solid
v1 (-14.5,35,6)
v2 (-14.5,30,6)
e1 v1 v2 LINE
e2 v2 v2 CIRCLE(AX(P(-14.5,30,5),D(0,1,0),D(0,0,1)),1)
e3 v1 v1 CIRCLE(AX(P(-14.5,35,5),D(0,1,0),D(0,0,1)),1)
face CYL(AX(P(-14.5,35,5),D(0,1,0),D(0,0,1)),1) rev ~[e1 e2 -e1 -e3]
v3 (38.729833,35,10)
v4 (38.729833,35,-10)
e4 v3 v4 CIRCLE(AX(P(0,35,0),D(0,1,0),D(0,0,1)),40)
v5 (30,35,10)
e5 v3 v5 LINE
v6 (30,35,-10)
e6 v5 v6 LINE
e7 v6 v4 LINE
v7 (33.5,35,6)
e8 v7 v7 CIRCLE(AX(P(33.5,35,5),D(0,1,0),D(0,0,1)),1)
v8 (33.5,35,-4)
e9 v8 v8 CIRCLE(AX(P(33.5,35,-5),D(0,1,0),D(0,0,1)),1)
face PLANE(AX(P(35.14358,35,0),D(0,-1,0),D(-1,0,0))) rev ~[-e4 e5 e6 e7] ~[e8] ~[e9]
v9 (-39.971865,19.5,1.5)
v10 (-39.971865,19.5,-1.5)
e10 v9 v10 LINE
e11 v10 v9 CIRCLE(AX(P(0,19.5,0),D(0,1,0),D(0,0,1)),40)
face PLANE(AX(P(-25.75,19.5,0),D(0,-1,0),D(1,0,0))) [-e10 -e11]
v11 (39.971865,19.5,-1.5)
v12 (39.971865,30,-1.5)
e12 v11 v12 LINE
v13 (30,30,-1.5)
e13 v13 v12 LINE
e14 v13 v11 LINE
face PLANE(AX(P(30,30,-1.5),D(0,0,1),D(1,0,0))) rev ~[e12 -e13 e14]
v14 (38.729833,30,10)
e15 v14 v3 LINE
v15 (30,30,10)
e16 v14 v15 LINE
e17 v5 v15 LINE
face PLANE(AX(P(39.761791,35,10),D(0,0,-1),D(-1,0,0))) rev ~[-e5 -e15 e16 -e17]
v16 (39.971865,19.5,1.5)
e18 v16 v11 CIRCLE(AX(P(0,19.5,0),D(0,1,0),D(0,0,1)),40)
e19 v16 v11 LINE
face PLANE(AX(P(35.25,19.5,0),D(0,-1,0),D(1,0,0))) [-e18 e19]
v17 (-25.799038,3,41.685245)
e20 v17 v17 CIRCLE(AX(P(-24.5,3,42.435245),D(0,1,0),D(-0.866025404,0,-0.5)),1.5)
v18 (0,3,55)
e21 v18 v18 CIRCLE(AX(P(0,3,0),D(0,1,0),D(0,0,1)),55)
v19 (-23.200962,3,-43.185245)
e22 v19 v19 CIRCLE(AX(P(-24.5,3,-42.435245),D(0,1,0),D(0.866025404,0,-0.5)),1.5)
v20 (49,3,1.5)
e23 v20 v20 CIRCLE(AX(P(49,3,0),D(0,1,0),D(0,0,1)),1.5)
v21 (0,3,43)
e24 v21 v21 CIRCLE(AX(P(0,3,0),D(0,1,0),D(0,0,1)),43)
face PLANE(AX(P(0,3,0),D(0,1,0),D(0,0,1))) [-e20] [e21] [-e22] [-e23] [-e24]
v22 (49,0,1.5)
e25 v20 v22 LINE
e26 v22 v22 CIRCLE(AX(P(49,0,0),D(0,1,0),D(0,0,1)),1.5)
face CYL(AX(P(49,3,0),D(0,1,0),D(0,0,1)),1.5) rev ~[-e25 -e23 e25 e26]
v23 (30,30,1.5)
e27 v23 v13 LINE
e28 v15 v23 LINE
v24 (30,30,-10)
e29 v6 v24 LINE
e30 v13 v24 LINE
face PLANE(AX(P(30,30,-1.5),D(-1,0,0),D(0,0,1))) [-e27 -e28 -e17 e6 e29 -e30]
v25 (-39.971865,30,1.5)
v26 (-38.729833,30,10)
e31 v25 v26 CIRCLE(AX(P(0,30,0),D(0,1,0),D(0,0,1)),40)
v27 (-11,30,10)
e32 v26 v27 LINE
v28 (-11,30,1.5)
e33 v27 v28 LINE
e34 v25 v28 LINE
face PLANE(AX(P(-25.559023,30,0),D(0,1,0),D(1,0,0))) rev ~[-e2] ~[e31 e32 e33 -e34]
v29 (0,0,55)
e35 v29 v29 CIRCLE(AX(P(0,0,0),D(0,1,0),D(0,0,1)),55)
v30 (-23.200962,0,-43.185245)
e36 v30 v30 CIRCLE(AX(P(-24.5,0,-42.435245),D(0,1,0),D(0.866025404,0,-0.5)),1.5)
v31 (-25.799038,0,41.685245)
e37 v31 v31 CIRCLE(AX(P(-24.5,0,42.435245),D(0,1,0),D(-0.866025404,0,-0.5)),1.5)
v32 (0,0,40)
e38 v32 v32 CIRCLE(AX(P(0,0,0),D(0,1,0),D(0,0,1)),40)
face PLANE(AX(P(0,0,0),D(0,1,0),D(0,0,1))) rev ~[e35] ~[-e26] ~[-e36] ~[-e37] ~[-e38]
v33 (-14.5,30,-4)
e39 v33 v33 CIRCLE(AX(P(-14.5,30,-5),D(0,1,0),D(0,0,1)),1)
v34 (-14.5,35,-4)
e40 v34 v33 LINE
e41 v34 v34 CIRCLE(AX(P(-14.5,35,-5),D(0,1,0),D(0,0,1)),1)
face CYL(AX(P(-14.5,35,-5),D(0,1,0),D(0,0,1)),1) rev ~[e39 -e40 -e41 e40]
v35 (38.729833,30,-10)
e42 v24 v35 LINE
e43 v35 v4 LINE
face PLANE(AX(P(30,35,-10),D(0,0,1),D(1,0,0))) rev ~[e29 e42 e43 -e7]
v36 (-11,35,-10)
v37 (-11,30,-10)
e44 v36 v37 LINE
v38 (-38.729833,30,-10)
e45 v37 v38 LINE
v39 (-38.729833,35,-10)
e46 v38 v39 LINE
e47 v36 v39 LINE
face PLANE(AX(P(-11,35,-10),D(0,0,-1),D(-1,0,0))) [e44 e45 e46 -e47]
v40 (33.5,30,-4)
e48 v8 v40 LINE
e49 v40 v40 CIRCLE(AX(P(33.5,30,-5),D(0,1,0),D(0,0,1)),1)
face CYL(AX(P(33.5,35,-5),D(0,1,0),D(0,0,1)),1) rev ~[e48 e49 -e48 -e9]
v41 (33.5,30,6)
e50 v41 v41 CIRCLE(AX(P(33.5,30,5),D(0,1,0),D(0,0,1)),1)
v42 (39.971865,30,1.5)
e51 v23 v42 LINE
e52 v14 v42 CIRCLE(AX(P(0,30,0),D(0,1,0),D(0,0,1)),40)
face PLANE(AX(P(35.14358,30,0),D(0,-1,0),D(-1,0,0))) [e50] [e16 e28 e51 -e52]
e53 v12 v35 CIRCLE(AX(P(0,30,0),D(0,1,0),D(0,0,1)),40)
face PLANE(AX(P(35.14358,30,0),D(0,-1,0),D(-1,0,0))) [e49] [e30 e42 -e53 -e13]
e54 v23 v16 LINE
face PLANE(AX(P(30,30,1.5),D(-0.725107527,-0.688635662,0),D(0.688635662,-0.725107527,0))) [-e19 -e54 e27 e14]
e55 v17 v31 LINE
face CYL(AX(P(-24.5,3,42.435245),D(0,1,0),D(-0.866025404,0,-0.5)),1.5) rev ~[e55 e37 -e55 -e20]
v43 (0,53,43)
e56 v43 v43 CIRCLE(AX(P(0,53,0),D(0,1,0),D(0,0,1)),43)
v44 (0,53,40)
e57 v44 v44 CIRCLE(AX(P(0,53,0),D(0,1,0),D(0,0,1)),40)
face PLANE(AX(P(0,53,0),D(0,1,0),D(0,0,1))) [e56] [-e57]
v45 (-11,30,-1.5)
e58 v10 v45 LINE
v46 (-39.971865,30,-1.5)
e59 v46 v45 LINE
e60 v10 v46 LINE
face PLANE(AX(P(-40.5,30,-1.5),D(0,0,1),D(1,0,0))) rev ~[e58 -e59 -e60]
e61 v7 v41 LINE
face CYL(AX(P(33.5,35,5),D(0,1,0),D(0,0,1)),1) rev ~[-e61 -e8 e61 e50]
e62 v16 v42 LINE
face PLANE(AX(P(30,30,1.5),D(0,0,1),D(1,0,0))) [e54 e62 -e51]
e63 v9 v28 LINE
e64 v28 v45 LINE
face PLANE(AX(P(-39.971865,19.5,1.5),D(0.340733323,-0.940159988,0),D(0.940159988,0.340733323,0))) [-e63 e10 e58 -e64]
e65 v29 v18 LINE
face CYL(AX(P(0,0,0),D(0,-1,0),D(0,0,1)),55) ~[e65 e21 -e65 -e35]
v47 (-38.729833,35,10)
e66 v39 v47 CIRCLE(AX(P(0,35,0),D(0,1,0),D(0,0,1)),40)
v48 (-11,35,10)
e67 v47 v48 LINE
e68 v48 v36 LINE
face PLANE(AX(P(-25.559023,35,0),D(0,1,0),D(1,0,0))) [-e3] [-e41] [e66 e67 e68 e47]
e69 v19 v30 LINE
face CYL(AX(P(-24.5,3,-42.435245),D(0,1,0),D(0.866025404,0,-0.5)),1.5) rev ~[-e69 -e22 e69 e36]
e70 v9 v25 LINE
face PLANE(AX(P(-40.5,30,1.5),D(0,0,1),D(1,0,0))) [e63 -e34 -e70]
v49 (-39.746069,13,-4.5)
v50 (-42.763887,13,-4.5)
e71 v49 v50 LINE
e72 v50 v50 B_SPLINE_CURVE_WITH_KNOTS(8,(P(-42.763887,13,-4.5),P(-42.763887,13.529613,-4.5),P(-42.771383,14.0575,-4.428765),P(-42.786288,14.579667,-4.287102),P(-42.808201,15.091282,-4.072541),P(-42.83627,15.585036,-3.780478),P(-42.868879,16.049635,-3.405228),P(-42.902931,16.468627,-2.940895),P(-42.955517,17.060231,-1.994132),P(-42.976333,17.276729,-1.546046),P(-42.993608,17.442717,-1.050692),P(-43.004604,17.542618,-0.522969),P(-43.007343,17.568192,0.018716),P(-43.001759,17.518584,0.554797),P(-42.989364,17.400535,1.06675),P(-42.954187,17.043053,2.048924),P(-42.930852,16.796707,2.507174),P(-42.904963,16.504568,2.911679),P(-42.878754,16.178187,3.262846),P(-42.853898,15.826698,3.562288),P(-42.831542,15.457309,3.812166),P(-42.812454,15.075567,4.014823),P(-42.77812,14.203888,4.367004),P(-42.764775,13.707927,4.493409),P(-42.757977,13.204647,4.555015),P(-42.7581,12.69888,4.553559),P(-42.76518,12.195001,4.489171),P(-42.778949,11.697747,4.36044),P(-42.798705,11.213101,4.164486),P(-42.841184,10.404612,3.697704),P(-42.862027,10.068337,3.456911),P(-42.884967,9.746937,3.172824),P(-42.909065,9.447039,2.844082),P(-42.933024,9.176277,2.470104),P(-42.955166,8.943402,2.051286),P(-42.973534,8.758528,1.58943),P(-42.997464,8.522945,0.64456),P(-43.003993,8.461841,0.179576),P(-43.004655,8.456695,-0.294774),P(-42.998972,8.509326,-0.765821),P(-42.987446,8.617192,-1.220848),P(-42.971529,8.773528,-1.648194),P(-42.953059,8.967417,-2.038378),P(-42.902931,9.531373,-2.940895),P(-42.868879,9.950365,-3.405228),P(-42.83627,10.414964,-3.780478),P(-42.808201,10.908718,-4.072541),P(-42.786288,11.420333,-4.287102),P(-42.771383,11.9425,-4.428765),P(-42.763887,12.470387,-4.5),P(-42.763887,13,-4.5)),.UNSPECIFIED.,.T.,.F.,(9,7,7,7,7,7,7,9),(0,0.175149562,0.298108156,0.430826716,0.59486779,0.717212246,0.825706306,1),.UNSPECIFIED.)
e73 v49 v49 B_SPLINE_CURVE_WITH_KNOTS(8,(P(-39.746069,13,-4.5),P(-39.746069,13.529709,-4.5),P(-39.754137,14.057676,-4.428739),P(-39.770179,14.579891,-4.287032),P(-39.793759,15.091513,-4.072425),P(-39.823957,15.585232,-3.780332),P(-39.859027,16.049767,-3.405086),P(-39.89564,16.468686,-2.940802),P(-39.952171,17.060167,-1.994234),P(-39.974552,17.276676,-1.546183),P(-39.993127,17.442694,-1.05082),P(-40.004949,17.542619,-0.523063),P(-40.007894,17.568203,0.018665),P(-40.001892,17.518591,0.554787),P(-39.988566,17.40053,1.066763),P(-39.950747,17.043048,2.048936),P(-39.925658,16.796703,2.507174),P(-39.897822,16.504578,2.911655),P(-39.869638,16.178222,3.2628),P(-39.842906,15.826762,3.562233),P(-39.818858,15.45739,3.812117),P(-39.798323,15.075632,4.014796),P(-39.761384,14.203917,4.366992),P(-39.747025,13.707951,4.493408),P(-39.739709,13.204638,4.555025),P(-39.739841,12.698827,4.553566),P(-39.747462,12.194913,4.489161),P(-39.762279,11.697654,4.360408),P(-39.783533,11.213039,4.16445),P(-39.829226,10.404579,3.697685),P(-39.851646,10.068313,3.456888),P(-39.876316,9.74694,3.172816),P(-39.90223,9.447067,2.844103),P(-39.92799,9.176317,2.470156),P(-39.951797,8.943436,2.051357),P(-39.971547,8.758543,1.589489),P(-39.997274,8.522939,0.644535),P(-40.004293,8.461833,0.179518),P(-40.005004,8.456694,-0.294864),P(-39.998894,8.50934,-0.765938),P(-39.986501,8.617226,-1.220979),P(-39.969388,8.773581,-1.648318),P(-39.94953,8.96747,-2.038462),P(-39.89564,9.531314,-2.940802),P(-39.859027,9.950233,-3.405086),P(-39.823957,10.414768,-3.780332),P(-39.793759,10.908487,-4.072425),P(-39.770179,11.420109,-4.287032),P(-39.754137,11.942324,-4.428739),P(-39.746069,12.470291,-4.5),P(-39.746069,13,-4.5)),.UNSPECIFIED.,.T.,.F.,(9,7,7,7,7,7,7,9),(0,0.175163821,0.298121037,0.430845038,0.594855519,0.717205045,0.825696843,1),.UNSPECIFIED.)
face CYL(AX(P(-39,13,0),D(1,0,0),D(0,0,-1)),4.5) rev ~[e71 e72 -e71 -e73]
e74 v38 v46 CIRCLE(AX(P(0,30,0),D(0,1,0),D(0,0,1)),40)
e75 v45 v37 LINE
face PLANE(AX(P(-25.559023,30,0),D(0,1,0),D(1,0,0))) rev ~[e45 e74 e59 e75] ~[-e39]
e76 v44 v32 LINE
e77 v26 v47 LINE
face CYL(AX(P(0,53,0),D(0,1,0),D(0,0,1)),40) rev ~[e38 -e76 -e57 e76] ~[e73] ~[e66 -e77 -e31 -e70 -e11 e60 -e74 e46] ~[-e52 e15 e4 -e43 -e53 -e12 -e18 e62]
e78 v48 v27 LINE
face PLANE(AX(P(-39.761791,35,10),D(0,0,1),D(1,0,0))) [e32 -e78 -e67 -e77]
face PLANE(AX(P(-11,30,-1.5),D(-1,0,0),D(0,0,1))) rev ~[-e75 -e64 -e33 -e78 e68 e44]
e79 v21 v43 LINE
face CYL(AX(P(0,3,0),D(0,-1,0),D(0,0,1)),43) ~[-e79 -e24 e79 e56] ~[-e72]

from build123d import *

# Parameters (mm, degrees)
SKETCH1_R           = 55
BOSS_EXTRUDE1_DEPTH = 3
SKETCH2_R           = 43
BOSS_EXTRUDE2_DEPTH = 50
SKETCH3_R           = 40
CUT_EXTRUDE1_DEPTH  = 66
SKETCH10_R          = 4.5
CUT_EXTRUDE2_DEPTH  = 9
BOSS_EXTRUDE4_DEPTH = 5
SKETCH17_W          = 10.5
SKETCH17_H          = 3
BOSS_EXTRUDE7_DEPTH = 10.5
CUT_EXTRUDE6_DEPTH  = 3
SKETCH19_W          = 29.5
SKETCH19_H          = 3
BOSS_EXTRUDE8_DEPTH = 10.5
CUT_EXTRUDE7_DEPTH  = 3
SKETCH21_R          = 1.5
CUT_EXTRUDE8_DEPTH  = 8
CIRPATTERN1_COUNT   = 3
SKETCH23_R          = 1
CUT_EXTRUDE9_DEPTH  = 9
SKETCH24_R          = 1
CUT_EXTRUDE10_DEPTH = 9


with BuildPart() as part:
    # Sketch1 → Boss-Extrude1 (new body)
    with BuildSketch(Plane(origin=(0, 0, 0), x_dir=(1, 0, 0), z_dir=(0, 1, 0))):
        with Locations(Location((0, 0, 0), (0, 0, 270))):
            Circle(SKETCH1_R)
    extrude(amount=BOSS_EXTRUDE1_DEPTH)

    # Sketch2 → Boss-Extrude2 (add)
    with BuildSketch(Plane(origin=(0, 3, 0), x_dir=(1, 0, 0), z_dir=(0, 1, 0))):
        with Locations(Location((0, 0, 0), (0, 0, 270))):
            Circle(SKETCH2_R)
    extrude(amount=BOSS_EXTRUDE2_DEPTH)

    # Sketch3 → Cut-Extrude1 (cut)
    with BuildSketch(Plane(origin=(0, 53, 0), x_dir=(1, 0, 0), z_dir=(0, 1, 0))):
        with Locations(Location((0, 0, 0), (0, 0, 270))):
            Circle(SKETCH3_R)
    extrude(amount=-CUT_EXTRUDE1_DEPTH, mode=Mode.SUBTRACT)

    # Sketch10 → Cut-Extrude2 (cut)
    with BuildSketch(Plane(origin=(-39, 0, 0), x_dir=(0, 0, -1), z_dir=(1, 0, 0))):
        with Locations((0, 13)):
            Circle(SKETCH10_R)
    extrude(amount=-CUT_EXTRUDE2_DEPTH, mode=Mode.SUBTRACT)

    # Sketch12 → Boss-Extrude4 (add)
    with BuildSketch(Plane(origin=(0, 35, 0), x_dir=(1, 0, 0), z_dir=(0, 1, 0))):
        with BuildLine():
            Line((-11, 10), (-39.761790704, 10))
            ThreePointArc((-39.761790704, 10), (-41, 0), (-39.761790704, -10))
            Line((-39.761790704, -10), (-11, -10))
            Line((-11, -10), (-11, 10))
        make_face()
        with BuildLine():
            Line((30, 10), (39.761790704, 10))
            ThreePointArc((39.761790704, 10), (41, 0), (39.761790704, -10))
            Line((39.761790704, -10), (30, -10))
            Line((30, -10), (30, 10))
        make_face()
    extrude(amount=-BOSS_EXTRUDE4_DEPTH)

    # Sketch17 → Boss-Extrude7 (add)
    with BuildSketch(Plane.XZ.offset(-30)):
        with Locations((35.25, 0)):
            Rectangle(SKETCH17_W, SKETCH17_H)
    extrude(amount=BOSS_EXTRUDE7_DEPTH)

    # Sketch18 → Cut-Extrude6 (cut)
    with BuildSketch(Plane.XY.offset(1.5)):
        Polygon((30, 30), (39.971865105, 19.5), (30, 19.5), align=None)
    extrude(amount=-CUT_EXTRUDE6_DEPTH, mode=Mode.SUBTRACT)

    # Sketch19 → Boss-Extrude8 (add)
    with BuildSketch(Plane.XZ.offset(-30)):
        with Locations((-25.75, 0)):
            Rectangle(SKETCH19_W, SKETCH19_H)
    extrude(amount=BOSS_EXTRUDE8_DEPTH)

    # Sketch20 → Cut-Extrude7 (cut)
    with BuildSketch(Plane.XY.offset(1.5)):
        Polygon((-39.971865105, 19.5), (-11, 30), (-11, 19.5), align=None)
    extrude(amount=-CUT_EXTRUDE7_DEPTH, mode=Mode.SUBTRACT)

    # Sketch21 → Cut-Extrude8 (cut)
    with BuildSketch(Plane(origin=(0, 3, 0), x_dir=(1, 0, 0), z_dir=(0, 1, 0))):
        with Locations(Location((49, 0, 0), (0, 0, 270))):
            Circle(SKETCH21_R)
    cut_extrude8 = extrude(amount=-CUT_EXTRUDE8_DEPTH, mode=Mode.SUBTRACT)

    # CirPattern1: Cut-Extrude8 ×3 about axis
    cirpattern1_axis = Axis((0, 0, 0), (0, 1, 0))
    for i in range(1, CIRPATTERN1_COUNT):
        add(cut_extrude8.rotate(cirpattern1_axis, i * 360 / CIRPATTERN1_COUNT), mode=Mode.SUBTRACT)

    # Sketch23 → Cut-Extrude9 (cut)
    with BuildSketch(Plane(origin=(0, 35, 0), x_dir=(1, 0, 0), z_dir=(0, 1, 0))):
        with Locations(Location((-14.5, 5, 0), (0, 0, 270))):
            Circle(SKETCH23_R)
        with Locations(Location((-14.5, -5, 0), (0, 0, 270))):
            Circle(SKETCH23_R)
    extrude(amount=-CUT_EXTRUDE9_DEPTH, mode=Mode.SUBTRACT)

    # Sketch24 → Cut-Extrude10 (cut)
    with BuildSketch(Plane(origin=(0, 35, 0), x_dir=(1, 0, 0), z_dir=(0, 1, 0))):
        with Locations(Location((33.5, 5, 0), (0, 0, 270))):
            Circle(SKETCH24_R)
        with Locations(Location((33.5, -5, 0), (0, 0, 270))):
            Circle(SKETCH24_R)
    extrude(amount=-CUT_EXTRUDE10_DEPTH, mode=Mode.SUBTRACT)


solid = part.part
